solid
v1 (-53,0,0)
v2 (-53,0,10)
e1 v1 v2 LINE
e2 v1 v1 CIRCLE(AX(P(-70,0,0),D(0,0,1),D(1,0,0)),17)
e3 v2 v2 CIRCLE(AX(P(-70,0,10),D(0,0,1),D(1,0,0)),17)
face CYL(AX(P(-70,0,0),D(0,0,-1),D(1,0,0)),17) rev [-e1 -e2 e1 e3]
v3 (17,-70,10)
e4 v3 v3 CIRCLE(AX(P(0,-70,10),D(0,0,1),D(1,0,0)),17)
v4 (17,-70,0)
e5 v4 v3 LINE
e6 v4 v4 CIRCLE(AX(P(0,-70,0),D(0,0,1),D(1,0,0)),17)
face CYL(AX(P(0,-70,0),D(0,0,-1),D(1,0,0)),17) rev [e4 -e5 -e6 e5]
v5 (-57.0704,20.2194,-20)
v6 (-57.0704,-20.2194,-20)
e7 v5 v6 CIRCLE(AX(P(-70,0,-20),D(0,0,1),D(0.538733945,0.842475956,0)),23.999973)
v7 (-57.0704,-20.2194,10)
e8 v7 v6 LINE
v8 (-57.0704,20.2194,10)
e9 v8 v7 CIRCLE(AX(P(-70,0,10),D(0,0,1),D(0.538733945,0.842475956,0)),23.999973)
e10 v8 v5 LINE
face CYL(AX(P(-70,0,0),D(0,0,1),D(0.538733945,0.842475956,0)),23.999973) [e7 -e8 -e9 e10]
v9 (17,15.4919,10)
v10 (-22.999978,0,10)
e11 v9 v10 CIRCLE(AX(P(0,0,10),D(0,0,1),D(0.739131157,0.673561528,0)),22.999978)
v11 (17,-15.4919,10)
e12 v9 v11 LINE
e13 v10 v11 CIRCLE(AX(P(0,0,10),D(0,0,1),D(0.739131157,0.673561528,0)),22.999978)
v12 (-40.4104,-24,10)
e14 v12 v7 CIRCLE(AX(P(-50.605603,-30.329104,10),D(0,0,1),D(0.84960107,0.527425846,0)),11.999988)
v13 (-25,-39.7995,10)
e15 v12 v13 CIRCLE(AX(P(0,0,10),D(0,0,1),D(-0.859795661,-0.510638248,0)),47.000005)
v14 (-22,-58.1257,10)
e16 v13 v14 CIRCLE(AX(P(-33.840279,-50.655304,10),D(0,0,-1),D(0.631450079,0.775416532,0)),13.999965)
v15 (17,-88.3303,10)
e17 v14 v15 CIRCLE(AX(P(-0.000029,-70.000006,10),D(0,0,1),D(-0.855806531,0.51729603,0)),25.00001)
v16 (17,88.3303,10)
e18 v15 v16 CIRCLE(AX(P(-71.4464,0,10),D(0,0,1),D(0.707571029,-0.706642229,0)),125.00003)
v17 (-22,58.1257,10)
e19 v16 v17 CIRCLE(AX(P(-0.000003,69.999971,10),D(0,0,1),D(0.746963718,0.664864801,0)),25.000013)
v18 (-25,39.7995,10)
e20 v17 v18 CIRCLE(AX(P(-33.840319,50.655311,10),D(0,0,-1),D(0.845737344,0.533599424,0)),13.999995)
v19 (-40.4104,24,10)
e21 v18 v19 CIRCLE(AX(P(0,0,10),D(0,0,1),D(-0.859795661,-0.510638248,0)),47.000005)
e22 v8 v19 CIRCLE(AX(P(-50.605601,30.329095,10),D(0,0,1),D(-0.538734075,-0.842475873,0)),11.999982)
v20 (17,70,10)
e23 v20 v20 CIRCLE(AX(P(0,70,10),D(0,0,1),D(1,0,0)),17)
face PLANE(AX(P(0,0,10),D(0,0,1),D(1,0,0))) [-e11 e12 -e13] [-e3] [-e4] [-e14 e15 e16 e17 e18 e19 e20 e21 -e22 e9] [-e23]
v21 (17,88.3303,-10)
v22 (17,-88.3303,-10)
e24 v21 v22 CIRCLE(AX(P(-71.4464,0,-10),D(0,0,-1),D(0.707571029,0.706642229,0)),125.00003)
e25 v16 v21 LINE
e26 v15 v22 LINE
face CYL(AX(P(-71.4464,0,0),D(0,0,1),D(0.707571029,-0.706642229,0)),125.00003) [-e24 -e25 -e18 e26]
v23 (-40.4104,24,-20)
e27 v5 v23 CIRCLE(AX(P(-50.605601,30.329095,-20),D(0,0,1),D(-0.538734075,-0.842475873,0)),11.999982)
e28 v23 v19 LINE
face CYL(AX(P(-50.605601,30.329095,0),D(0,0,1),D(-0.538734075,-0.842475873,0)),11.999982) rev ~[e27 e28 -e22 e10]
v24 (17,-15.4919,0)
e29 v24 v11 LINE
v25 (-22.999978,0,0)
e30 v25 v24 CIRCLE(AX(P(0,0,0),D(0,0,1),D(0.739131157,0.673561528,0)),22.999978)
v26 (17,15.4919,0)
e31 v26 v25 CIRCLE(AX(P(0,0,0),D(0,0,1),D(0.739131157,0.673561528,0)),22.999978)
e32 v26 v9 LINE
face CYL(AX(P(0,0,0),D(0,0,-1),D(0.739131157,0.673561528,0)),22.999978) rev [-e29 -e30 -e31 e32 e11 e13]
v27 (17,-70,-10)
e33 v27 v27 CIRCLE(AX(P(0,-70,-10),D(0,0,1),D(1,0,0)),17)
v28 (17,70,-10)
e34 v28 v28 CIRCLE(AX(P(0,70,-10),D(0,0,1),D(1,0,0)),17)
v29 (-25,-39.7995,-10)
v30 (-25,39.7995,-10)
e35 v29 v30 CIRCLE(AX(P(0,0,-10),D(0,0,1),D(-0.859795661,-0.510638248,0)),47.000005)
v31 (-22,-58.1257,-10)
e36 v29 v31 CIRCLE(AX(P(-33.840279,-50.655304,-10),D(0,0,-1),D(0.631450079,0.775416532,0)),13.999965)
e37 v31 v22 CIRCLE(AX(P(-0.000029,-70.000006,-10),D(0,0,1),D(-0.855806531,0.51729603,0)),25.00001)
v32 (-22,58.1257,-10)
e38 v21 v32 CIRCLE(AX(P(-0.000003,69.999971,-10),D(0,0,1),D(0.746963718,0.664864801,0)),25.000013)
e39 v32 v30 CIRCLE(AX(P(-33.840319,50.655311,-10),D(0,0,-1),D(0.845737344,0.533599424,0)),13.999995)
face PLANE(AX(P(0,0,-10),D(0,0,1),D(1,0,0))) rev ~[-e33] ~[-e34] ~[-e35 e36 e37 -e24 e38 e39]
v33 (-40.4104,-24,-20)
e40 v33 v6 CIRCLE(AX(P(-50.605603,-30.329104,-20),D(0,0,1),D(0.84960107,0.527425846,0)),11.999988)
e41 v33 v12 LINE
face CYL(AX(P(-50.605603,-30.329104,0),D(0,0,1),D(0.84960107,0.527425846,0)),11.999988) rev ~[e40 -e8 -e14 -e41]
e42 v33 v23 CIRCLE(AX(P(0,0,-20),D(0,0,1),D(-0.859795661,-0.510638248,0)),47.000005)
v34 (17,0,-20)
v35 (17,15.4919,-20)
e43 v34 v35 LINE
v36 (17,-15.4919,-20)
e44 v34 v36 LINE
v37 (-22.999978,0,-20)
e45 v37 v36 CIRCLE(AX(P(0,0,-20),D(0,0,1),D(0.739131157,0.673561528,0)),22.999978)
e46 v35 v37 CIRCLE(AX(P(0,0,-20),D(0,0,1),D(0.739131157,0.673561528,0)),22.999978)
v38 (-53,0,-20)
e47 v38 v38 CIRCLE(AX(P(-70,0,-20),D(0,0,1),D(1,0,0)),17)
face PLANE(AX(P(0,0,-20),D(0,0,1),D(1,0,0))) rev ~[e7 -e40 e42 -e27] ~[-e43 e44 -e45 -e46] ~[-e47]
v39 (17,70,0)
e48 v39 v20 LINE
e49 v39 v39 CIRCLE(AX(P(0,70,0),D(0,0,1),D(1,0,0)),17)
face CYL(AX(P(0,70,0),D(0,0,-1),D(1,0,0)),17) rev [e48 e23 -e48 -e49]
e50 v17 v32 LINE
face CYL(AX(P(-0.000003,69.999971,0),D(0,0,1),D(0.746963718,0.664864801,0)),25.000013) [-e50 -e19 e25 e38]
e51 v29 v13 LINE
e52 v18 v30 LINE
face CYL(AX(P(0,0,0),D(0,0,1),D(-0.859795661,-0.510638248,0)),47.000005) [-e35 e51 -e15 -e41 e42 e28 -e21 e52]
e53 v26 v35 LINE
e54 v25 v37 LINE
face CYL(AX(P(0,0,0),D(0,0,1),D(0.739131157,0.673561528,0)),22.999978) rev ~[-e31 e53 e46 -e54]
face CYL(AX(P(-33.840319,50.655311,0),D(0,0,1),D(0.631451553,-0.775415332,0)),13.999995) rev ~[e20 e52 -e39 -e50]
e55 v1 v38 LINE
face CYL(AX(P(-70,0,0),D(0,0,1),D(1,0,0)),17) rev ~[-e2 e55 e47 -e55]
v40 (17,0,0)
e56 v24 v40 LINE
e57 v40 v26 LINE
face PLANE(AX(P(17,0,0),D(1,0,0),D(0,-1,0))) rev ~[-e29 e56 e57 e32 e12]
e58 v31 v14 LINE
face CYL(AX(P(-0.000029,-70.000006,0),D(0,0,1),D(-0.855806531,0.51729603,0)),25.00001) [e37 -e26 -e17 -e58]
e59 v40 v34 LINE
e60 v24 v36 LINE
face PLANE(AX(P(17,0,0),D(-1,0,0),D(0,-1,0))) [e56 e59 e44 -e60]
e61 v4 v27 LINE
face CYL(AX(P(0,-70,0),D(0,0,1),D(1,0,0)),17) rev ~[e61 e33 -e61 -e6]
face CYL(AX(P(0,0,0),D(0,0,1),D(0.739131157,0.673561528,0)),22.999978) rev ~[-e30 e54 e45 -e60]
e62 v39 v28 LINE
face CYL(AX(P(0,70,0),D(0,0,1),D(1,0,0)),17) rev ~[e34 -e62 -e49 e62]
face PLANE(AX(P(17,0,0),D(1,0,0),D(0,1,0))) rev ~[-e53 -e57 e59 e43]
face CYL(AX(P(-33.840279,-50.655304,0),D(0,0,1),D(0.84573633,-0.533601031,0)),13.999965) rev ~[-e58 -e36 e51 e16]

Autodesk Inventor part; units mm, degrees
ref_plane "YZ Plane" through (0, 0, 0) normal (1, 0, 0) x (0, 1, 0)
ref_plane "XZ Plane" through (0, 0, 0) normal (0, 1, 0) x (-1, 0, 0)
ref_plane "XY Plane" through (0, 0, 0) normal (0, 0, 1) x (1, 0, 0)
sketch "Эскиз1" plane through (0, 0, 0) normal (0, 0, 1) x (1, 0, 0)
  arc A0 (17, 15.4919) -> (17, -15.4919) centre (0, 0) ccw
  arc A1 (-40.4104, -24) -> (-40.4104, 24) centre (0, 0) ccw
  circle A2 centre (0, -70) radius 17
  circle A3 centre (0, 70) radius 17
  line L0 (0, 0) -> (-70, 0)
  arc A4 (-57.0704, 20.2194) -> (-57.0704, -20.2194) centre (-70, 0) ccw
  circle A5 centre (-70, 0) radius 17
  arc A6 (-57.0704, 20.2194) -> (-40.4104, 24) centre (-50.6056, 30.3291) ccw
  arc A7 (-40.4104, -24) -> (-57.0704, -20.2194) centre (-50.6056, -30.3291) ccw
  arc A8 (-22, -58.1257) -> (-25, -39.7995) centre (-33.8403, -50.6553) ccw
  arc A9 (-25, 39.7995) -> (-22, 58.1257) centre (-33.8403, 50.6553) ccw
  line L1 (0, 0) -> (17, 0)
  line L2 (17, 0) -> (17, -15.4919)
  line L3 (17, 0) -> (17, 15.4919)
  arc A10 (17, -88.3303) -> (17, 88.3303) centre (-71.4464, 0) ccw
  arc A11 (-21.3952, -57.0676) -> (18.6741, -86.6216) centre (0, -70) ccw
  arc A12 (18.6741, 86.6216) -> (-21.3952, 57.0676) centre (0, 70) ccw
  dimension "d0" = 46
  dimension "d1" = 94
  dimension "d2" = 70
  dimension "d5" = 34
  dimension "d6" = 34
  dimension "d10" = 48
  dimension "d11" = 34
  dimension "d12" = 12
  dimension "d13" = 12
  dimension "d14" = 14
  dimension "d15" = 14
  dimension "d17" = 17
  dimension "d18" = 125
  dimension "d19" = 140
  dimension "d20" = 25
  dimension "d21" = 1.6741
  dimension "d22" = 86.6216
  dimension "d23" = 1.6741
  dimension "d24" = 38.3952
  dimension "d25" = 38.3952
  dimension "d26" = 39
  dimension "d27" = 39
  dimension "d28" = 57.4104
  dimension "d29" = 57.4104
extrude "Выдавливание1" add sketch "Эскиз1" along normal blind 10 contours A7 A4 A6 A1 | A1 A9 A12 A10 A11 A8
sketch "Эскиз2" plane through (0, 0, 10) normal (0, 0, 1) x (1, 0, 0)
  point P0 (0, 0)
extrude "Выдавливание4" add sketch "Эскиз1" against normal blind 10 contours A1 A9 A12 A10 A11 A8
extrude "Выдавливание5" add sketch "Эскиз1" against normal blind 20 contours A7 A4 A6 A1
properties part number "zad6.5-1"
